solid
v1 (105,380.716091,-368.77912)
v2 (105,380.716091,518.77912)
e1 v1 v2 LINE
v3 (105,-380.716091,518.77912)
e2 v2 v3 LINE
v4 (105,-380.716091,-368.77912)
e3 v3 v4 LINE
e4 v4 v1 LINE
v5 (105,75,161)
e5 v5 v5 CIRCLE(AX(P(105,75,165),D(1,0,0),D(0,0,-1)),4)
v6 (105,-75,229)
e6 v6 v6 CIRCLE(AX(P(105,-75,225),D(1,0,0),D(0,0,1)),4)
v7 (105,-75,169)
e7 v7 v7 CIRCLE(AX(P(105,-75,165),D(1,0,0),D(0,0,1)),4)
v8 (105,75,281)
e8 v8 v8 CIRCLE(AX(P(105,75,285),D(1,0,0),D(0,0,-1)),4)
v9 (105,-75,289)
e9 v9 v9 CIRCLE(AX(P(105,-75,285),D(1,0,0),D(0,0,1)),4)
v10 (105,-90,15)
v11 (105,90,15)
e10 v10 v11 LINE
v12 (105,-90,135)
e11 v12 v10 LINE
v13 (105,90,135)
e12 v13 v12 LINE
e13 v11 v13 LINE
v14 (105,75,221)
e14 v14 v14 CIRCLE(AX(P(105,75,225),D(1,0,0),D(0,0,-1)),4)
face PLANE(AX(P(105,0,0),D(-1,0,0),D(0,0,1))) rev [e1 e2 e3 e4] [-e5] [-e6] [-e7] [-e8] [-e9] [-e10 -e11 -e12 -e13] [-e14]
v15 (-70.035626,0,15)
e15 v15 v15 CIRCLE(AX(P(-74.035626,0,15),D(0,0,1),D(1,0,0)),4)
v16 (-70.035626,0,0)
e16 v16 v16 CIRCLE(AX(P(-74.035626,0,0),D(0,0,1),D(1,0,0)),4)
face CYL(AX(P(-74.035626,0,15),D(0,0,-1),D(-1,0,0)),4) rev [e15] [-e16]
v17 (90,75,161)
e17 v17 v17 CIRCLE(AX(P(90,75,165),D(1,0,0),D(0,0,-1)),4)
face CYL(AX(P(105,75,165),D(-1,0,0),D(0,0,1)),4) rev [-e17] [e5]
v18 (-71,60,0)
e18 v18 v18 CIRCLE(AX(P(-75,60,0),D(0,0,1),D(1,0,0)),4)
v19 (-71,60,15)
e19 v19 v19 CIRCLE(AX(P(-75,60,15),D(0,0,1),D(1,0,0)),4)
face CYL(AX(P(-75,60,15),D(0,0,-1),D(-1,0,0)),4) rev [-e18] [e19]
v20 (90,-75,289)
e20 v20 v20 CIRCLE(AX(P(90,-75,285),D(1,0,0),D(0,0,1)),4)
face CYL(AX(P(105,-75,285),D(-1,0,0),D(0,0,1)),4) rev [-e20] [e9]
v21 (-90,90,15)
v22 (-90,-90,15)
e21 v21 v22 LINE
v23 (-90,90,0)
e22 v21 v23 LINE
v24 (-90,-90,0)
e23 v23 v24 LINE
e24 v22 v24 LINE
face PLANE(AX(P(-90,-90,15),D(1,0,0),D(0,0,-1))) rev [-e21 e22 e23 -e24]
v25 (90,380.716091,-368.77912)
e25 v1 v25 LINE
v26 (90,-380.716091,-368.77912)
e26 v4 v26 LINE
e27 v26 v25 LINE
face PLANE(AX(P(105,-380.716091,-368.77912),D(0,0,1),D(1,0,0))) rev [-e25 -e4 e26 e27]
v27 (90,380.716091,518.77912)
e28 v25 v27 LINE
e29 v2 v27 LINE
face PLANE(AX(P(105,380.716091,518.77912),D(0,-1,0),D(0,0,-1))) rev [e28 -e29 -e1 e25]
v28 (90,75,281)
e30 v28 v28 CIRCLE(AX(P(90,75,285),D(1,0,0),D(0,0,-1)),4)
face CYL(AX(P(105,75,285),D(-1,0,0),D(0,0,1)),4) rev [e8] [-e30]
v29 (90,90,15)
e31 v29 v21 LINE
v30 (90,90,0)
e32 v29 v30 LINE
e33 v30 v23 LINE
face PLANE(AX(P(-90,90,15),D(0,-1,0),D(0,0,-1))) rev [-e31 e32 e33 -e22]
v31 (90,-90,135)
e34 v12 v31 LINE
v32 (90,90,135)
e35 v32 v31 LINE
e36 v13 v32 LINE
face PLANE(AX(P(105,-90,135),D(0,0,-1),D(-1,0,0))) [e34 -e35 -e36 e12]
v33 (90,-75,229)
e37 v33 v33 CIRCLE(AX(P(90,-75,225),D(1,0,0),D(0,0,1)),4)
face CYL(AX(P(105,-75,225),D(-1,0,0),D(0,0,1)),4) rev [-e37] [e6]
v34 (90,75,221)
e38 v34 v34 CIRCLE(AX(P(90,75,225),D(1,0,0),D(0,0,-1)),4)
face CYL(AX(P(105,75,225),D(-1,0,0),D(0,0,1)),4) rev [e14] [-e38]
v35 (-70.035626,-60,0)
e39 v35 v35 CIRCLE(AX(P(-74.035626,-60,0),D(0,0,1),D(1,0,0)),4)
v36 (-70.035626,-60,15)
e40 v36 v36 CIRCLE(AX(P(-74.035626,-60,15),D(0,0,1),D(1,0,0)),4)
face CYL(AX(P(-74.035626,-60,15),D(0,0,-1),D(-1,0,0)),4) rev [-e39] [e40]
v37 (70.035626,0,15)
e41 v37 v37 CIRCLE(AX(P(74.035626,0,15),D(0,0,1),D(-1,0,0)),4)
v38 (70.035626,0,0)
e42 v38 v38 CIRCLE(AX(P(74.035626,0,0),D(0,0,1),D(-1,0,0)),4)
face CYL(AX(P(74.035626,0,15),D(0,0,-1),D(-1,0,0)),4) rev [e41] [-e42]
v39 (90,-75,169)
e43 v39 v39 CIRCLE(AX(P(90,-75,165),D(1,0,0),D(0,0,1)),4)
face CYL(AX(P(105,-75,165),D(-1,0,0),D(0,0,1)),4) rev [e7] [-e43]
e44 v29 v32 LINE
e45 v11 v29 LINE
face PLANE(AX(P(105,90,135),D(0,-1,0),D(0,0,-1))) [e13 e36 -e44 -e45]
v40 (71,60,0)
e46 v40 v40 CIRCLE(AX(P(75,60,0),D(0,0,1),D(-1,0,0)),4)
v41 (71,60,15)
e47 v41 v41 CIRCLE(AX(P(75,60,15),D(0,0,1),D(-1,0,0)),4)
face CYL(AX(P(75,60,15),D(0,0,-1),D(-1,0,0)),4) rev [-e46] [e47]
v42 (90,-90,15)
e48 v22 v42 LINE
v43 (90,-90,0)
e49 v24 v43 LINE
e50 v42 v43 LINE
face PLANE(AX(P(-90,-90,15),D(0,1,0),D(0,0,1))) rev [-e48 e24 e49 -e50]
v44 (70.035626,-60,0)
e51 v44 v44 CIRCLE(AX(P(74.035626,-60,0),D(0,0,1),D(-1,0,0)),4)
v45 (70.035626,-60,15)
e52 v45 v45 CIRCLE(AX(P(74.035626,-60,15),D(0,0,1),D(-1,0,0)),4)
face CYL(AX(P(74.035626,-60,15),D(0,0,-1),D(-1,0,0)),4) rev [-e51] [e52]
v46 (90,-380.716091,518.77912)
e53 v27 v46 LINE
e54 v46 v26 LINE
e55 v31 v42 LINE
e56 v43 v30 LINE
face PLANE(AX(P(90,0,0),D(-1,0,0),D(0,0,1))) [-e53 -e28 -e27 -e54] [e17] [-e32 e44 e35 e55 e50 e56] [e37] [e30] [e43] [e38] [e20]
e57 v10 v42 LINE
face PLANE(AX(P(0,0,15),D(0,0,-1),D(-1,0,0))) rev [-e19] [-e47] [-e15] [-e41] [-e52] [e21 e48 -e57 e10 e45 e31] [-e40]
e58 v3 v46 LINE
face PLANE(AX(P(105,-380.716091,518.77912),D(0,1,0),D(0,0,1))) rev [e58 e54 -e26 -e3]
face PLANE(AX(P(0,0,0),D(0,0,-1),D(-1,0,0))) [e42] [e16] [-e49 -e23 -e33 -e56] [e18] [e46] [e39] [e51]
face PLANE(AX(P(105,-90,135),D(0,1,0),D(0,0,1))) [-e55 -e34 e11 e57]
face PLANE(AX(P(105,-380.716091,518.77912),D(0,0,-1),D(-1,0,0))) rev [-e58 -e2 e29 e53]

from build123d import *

# Parameters (mm, degrees)
SKETCH_1_W      = 180
SKETCH_1_H      = 180
SKETCH_1_R      = 4
EXTRUDE_1_DEPTH = 15
SKETCH_9_W      = 887.558239328
SKETCH_9_H      = 761.432182166
SKETCH_9_R      = 4
SKETCH_9_W_2    = 120
SKETCH_9_H_2    = 180
EXTRUDE_2_DEPTH = 15


with BuildPart() as part:
    # 草图1 → 凸台-拉伸1 (new body)
    with BuildSketch(Plane.XY):
        Rectangle(SKETCH_1_W, SKETCH_1_H)
        with Locations((-75, 60)):
            Circle(SKETCH_1_R, mode=Mode.SUBTRACT)
        with Locations((-74.035625505, 0)):
            Circle(SKETCH_1_R, mode=Mode.SUBTRACT)
        with Locations((-74.035625505, -60)):
            Circle(SKETCH_1_R, mode=Mode.SUBTRACT)
        with Locations(Location((74.035625505, -60, 0), (0, 0, 180))):
            Circle(SKETCH_1_R, mode=Mode.SUBTRACT)
        with Locations(Location((74.035625505, 0, 0), (0, 0, 180))):
            Circle(SKETCH_1_R, mode=Mode.SUBTRACT)
        with Locations(Location((75, 60, 0), (0, 0, 180))):
            Circle(SKETCH_1_R, mode=Mode.SUBTRACT)
    extrude(amount=EXTRUDE_1_DEPTH)

    # 草图9 → 凸台-拉伸2 (add)
    with BuildSketch(Plane(origin=(90, 0, 0), x_dir=(0, 0, -1), z_dir=(1, 0, 0))):
        with Locations((-75, 0)):
            Rectangle(SKETCH_9_W, SKETCH_9_H)
        with Locations((-165, 75)):
            Circle(SKETCH_9_R, mode=Mode.SUBTRACT)
        with Locations((-225, 75)):
            Circle(SKETCH_9_R, mode=Mode.SUBTRACT)
        with Locations((-285, 75)):
            Circle(SKETCH_9_R, mode=Mode.SUBTRACT)
        with Locations(Location((-285, -75, 0), (0, 0, 180))):
            Circle(SKETCH_9_R, mode=Mode.SUBTRACT)
        with Locations(Location((-225, -75, 0), (0, 0, 180))):
            Circle(SKETCH_9_R, mode=Mode.SUBTRACT)
        with Locations(Location((-165, -75, 0), (0, 0, 180))):
            Circle(SKETCH_9_R, mode=Mode.SUBTRACT)
        with Locations((-75, 0)):
            Rectangle(SKETCH_9_W_2, SKETCH_9_H_2, mode=Mode.SUBTRACT)
    extrude(amount=EXTRUDE_2_DEPTH)


solid = part.part
